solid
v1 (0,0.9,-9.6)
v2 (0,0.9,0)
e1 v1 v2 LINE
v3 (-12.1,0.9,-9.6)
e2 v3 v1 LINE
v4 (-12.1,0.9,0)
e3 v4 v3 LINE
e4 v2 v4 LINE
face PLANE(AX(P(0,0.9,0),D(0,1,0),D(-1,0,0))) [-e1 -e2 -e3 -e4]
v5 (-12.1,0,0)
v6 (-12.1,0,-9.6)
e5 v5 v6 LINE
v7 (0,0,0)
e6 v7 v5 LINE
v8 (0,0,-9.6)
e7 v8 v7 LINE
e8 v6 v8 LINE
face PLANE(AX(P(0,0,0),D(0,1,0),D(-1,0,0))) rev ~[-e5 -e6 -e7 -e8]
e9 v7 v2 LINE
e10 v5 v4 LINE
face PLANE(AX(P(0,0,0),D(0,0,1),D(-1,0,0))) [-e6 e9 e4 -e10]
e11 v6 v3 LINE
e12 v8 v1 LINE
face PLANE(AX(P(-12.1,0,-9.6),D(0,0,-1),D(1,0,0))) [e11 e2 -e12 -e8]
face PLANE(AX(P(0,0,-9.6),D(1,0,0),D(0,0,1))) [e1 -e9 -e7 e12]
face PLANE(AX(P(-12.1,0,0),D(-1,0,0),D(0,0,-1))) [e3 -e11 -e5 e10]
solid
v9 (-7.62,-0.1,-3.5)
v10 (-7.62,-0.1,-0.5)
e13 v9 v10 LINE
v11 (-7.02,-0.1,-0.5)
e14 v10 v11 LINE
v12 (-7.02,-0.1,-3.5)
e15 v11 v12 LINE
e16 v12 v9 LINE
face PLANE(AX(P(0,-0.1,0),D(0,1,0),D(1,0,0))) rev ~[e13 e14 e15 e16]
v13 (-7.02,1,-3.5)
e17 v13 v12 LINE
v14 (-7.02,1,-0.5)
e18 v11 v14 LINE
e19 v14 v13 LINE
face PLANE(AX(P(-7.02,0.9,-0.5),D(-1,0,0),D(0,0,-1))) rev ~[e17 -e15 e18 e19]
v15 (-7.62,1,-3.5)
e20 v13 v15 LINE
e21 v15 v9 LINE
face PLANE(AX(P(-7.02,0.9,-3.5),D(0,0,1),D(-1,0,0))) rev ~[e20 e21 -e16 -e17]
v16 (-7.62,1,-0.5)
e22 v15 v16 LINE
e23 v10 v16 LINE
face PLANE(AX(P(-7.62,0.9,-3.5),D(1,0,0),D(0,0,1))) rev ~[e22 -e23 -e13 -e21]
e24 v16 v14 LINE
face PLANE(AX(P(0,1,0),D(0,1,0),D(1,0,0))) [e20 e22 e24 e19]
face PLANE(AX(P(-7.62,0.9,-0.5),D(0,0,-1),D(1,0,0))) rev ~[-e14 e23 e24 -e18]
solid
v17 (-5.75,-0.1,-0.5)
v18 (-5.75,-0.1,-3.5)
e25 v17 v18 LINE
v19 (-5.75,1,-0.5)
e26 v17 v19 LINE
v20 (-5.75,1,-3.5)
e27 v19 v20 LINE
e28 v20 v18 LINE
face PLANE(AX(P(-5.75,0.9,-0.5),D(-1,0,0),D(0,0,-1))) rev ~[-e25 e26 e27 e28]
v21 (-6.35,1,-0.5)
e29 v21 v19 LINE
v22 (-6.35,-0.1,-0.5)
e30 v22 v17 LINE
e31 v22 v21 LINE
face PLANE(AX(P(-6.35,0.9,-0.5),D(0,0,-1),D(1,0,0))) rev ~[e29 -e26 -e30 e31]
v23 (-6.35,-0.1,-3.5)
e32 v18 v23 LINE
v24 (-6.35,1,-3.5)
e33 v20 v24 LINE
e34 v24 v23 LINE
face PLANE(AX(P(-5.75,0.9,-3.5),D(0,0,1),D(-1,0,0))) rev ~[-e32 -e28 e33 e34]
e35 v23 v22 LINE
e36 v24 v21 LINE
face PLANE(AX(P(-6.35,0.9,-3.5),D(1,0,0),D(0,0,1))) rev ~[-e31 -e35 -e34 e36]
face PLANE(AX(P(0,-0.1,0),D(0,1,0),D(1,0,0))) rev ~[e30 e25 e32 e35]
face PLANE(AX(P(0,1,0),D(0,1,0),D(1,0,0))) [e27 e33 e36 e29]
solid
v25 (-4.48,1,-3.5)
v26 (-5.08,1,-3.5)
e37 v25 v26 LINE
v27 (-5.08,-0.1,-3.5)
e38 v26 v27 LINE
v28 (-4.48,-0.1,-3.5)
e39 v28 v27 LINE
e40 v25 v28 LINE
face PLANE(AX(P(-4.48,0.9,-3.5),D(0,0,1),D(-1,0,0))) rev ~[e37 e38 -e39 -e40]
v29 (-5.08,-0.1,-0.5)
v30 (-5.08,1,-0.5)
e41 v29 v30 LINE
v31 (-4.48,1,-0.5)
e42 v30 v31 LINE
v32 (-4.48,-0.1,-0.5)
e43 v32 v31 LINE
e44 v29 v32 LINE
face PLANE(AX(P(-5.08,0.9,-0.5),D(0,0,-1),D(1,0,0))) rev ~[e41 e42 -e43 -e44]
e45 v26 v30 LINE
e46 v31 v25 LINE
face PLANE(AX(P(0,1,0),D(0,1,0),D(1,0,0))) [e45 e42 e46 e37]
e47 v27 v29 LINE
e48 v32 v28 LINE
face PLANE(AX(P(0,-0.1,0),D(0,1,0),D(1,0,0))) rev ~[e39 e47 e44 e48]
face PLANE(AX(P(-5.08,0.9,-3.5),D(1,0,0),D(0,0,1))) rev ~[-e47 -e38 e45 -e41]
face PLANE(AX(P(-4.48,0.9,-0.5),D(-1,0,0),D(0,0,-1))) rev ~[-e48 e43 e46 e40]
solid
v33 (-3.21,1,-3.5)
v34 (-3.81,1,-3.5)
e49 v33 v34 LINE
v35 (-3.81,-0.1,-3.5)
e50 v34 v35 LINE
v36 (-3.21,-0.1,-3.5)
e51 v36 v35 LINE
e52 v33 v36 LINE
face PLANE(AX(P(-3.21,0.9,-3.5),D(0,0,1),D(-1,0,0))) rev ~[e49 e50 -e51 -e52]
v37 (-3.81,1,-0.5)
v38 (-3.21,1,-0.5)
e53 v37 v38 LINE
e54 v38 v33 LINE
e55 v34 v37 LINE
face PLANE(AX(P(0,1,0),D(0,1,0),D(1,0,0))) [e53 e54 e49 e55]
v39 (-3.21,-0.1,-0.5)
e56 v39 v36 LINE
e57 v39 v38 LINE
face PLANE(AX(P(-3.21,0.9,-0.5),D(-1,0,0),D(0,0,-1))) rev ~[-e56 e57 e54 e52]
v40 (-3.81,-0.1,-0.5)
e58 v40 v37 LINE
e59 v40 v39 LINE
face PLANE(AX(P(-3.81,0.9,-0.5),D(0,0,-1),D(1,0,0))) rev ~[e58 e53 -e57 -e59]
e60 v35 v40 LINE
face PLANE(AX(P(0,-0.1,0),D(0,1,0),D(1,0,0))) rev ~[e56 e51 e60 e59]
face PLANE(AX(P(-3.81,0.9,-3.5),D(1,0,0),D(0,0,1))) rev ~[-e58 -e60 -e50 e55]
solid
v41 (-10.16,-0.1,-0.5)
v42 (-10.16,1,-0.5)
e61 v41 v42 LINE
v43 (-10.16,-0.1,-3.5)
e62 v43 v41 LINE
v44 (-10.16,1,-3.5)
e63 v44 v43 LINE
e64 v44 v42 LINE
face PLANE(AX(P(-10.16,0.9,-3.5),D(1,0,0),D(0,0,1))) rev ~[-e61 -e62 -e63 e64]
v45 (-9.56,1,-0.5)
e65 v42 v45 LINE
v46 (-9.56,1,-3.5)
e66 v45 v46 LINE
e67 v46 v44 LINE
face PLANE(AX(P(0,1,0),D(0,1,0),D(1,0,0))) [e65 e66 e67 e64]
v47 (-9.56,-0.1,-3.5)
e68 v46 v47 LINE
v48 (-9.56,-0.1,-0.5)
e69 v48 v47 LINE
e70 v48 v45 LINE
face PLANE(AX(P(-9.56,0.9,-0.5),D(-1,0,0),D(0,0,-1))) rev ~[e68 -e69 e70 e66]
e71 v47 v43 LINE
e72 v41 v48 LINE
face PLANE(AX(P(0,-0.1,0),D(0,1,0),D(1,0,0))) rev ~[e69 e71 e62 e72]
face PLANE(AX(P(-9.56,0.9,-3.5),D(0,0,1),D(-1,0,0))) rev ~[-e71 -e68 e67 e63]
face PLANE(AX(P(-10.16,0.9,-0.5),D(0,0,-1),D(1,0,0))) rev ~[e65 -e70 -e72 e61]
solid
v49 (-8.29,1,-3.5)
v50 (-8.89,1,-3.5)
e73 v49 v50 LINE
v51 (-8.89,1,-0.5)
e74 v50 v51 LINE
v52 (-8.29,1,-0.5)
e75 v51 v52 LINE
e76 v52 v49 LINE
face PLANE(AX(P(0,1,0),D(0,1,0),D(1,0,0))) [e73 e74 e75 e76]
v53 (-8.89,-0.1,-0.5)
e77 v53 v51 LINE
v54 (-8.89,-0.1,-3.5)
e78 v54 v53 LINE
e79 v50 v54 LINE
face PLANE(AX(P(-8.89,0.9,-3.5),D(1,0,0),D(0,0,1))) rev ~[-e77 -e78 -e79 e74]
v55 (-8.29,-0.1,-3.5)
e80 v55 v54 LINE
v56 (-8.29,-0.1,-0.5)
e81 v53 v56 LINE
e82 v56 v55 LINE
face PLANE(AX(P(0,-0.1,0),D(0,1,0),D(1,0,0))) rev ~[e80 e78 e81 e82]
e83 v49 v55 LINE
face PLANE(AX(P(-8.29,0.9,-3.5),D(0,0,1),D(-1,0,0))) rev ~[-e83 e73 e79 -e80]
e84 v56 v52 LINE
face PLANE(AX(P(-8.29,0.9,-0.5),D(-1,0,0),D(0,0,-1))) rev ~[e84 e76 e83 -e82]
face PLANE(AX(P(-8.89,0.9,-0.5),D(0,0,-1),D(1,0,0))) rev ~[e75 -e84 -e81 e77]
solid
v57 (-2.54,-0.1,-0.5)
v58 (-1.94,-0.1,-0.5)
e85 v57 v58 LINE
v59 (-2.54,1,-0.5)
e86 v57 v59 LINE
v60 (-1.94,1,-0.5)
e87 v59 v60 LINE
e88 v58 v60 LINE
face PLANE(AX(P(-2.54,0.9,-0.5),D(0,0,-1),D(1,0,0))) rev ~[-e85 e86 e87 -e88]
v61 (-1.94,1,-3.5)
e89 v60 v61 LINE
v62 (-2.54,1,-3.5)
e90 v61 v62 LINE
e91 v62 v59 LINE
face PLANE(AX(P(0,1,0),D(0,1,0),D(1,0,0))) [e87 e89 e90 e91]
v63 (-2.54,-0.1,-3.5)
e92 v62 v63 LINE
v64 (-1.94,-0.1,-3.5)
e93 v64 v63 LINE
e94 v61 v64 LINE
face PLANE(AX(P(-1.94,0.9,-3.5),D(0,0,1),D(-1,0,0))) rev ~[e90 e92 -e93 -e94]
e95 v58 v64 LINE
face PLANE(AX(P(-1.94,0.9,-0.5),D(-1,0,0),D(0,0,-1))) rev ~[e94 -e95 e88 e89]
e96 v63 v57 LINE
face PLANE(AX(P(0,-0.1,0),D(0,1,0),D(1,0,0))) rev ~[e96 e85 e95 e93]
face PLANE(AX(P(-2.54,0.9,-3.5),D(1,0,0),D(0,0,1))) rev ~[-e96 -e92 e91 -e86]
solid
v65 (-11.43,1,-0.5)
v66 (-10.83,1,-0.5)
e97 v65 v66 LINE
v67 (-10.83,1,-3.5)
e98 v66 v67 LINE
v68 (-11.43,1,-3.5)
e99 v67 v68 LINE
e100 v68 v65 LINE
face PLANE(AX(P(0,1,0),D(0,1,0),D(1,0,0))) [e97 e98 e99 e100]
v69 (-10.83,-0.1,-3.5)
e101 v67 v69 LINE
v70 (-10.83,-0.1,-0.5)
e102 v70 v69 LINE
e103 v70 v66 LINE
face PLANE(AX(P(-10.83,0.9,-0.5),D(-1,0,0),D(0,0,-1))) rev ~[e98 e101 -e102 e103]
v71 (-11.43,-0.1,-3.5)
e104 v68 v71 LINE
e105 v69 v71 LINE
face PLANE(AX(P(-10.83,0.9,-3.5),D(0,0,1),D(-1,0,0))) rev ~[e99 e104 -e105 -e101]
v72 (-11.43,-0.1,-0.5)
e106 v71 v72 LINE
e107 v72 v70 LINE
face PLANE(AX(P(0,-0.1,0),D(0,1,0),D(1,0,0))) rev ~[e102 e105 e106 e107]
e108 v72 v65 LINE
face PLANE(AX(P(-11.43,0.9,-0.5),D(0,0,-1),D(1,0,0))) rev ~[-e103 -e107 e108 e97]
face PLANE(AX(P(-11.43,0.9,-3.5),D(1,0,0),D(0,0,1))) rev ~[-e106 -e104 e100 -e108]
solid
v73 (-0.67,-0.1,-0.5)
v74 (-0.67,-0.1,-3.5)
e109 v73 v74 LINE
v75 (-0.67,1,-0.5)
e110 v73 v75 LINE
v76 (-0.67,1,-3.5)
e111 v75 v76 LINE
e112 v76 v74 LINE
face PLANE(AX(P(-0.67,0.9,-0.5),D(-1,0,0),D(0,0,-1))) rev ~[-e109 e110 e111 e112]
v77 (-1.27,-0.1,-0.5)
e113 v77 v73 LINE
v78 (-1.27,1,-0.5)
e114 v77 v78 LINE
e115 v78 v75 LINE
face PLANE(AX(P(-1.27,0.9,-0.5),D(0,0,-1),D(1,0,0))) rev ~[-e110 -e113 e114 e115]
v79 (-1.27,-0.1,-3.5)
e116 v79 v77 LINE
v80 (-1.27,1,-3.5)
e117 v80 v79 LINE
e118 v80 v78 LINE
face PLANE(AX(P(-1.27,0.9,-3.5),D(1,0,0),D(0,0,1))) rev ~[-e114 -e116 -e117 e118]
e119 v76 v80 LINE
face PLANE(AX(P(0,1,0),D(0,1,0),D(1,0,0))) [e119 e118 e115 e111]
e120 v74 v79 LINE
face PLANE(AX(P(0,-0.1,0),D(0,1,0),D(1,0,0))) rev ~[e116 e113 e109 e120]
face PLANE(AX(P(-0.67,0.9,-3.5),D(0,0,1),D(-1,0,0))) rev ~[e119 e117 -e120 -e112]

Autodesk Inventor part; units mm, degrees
ref_plane "YZ Plane" through (0, 0, 0) normal (1, 0, 0) x (0, 1, 0)
ref_plane "XZ Plane" through (0, 0, 0) normal (0, 1, 0) x (-1, 0, 0)
ref_plane "XY Plane" through (0, 0, 0) normal (0, 0, 1) x (1, 0, 0)
sketch "스케치1" plane through (0, 0, 0) normal (0, 1, 0) x (-1, 0, 0)
  line L0 (0, 0) -> (12.1, 0)
  line L1 (12.1, 0) -> (12.1, -9.6)
  line L2 (12.1, -9.6) -> (0, -9.6)
  line L3 (0, -9.6) -> (0, 0)
  dimension "d0" = 12.1
  dimension "d1" = 9.6
extrude "돌출1" add sketch "스케치1" along normal blind 0.9
sketch "스케치2" plane through (0, 0.9, 0) normal (0, 1, 0) x (1, 0, 0)
  line L0 (-11.43, 0.5) -> (-10.83, 0.5)
  line L1 (-10.83, 0.5) -> (-10.83, 3.5)
  line L2 (-10.83, 3.5) -> (-11.43, 3.5)
  line L3 (-11.43, 3.5) -> (-11.43, 0.5)
  line L4 (-12.1, 0) -> (0, 0) projected
  line L5 (-12.1, 9.6) -> (-12.1, 0) projected
  line L6 (-10.16, 0.5) -> (-9.56, 0.5)
  line L7 (-9.56, 0.5) -> (-9.56, 3.5)
  line L8 (-9.56, 3.5) -> (-10.16, 3.5)
  line L9 (-10.16, 3.5) -> (-10.16, 0.5)
  line L10 (-8.89, 0.5) -> (-8.29, 0.5)
  line L11 (-8.29, 0.5) -> (-8.29, 3.5)
  line L12 (-8.29, 3.5) -> (-8.89, 3.5)
  line L13 (-8.89, 3.5) -> (-8.89, 0.5)
  line L14 (-7.62, 0.5) -> (-7.02, 0.5)
  line L15 (-7.02, 0.5) -> (-7.02, 3.5)
  line L16 (-7.02, 3.5) -> (-7.62, 3.5)
  line L17 (-7.62, 3.5) -> (-7.62, 0.5)
  line L18 (-6.35, 0.5) -> (-5.75, 0.5)
  line L19 (-5.75, 0.5) -> (-5.75, 3.5)
  line L20 (-5.75, 3.5) -> (-6.35, 3.5)
  line L21 (-6.35, 3.5) -> (-6.35, 0.5)
  line L22 (-5.08, 0.5) -> (-4.48, 0.5)
  line L23 (-4.48, 0.5) -> (-4.48, 3.5)
  line L24 (-4.48, 3.5) -> (-5.08, 3.5)
  line L25 (-5.08, 3.5) -> (-5.08, 0.5)
  line L26 (-3.81, 0.5) -> (-3.21, 0.5)
  line L27 (-3.21, 0.5) -> (-3.21, 3.5)
  line L28 (-3.21, 3.5) -> (-3.81, 3.5)
  line L29 (-3.81, 3.5) -> (-3.81, 0.5)
  line L30 (-2.54, 0.5) -> (-1.94, 0.5)
  line L31 (-1.94, 0.5) -> (-1.94, 3.5)
  line L32 (-1.94, 3.5) -> (-2.54, 3.5)
  line L33 (-2.54, 3.5) -> (-2.54, 0.5)
  line L34 (-1.27, 0.5) -> (-0.67, 0.5)
  line L35 (-0.67, 0.5) -> (-0.67, 3.5)
  line L36 (-0.67, 3.5) -> (-1.27, 3.5)
  line L37 (-1.27, 3.5) -> (-1.27, 0.5)
  line L38 (0, 0) -> (0, 9.6) projected
  point P0 (-6.05, 0.5)
  point P1 (-6.05, 0)
  dimension "d4" = 0.6
  dimension "d5" = 3
  dimension "d6" = 0.5
  dimension "d10" = 1.27
  dimension "d15" = 0.67
extrude "돌출2" add sketch "스케치2" along normal blind 0.1 and the other way blind 1 separate body
properties part number "PCB"
